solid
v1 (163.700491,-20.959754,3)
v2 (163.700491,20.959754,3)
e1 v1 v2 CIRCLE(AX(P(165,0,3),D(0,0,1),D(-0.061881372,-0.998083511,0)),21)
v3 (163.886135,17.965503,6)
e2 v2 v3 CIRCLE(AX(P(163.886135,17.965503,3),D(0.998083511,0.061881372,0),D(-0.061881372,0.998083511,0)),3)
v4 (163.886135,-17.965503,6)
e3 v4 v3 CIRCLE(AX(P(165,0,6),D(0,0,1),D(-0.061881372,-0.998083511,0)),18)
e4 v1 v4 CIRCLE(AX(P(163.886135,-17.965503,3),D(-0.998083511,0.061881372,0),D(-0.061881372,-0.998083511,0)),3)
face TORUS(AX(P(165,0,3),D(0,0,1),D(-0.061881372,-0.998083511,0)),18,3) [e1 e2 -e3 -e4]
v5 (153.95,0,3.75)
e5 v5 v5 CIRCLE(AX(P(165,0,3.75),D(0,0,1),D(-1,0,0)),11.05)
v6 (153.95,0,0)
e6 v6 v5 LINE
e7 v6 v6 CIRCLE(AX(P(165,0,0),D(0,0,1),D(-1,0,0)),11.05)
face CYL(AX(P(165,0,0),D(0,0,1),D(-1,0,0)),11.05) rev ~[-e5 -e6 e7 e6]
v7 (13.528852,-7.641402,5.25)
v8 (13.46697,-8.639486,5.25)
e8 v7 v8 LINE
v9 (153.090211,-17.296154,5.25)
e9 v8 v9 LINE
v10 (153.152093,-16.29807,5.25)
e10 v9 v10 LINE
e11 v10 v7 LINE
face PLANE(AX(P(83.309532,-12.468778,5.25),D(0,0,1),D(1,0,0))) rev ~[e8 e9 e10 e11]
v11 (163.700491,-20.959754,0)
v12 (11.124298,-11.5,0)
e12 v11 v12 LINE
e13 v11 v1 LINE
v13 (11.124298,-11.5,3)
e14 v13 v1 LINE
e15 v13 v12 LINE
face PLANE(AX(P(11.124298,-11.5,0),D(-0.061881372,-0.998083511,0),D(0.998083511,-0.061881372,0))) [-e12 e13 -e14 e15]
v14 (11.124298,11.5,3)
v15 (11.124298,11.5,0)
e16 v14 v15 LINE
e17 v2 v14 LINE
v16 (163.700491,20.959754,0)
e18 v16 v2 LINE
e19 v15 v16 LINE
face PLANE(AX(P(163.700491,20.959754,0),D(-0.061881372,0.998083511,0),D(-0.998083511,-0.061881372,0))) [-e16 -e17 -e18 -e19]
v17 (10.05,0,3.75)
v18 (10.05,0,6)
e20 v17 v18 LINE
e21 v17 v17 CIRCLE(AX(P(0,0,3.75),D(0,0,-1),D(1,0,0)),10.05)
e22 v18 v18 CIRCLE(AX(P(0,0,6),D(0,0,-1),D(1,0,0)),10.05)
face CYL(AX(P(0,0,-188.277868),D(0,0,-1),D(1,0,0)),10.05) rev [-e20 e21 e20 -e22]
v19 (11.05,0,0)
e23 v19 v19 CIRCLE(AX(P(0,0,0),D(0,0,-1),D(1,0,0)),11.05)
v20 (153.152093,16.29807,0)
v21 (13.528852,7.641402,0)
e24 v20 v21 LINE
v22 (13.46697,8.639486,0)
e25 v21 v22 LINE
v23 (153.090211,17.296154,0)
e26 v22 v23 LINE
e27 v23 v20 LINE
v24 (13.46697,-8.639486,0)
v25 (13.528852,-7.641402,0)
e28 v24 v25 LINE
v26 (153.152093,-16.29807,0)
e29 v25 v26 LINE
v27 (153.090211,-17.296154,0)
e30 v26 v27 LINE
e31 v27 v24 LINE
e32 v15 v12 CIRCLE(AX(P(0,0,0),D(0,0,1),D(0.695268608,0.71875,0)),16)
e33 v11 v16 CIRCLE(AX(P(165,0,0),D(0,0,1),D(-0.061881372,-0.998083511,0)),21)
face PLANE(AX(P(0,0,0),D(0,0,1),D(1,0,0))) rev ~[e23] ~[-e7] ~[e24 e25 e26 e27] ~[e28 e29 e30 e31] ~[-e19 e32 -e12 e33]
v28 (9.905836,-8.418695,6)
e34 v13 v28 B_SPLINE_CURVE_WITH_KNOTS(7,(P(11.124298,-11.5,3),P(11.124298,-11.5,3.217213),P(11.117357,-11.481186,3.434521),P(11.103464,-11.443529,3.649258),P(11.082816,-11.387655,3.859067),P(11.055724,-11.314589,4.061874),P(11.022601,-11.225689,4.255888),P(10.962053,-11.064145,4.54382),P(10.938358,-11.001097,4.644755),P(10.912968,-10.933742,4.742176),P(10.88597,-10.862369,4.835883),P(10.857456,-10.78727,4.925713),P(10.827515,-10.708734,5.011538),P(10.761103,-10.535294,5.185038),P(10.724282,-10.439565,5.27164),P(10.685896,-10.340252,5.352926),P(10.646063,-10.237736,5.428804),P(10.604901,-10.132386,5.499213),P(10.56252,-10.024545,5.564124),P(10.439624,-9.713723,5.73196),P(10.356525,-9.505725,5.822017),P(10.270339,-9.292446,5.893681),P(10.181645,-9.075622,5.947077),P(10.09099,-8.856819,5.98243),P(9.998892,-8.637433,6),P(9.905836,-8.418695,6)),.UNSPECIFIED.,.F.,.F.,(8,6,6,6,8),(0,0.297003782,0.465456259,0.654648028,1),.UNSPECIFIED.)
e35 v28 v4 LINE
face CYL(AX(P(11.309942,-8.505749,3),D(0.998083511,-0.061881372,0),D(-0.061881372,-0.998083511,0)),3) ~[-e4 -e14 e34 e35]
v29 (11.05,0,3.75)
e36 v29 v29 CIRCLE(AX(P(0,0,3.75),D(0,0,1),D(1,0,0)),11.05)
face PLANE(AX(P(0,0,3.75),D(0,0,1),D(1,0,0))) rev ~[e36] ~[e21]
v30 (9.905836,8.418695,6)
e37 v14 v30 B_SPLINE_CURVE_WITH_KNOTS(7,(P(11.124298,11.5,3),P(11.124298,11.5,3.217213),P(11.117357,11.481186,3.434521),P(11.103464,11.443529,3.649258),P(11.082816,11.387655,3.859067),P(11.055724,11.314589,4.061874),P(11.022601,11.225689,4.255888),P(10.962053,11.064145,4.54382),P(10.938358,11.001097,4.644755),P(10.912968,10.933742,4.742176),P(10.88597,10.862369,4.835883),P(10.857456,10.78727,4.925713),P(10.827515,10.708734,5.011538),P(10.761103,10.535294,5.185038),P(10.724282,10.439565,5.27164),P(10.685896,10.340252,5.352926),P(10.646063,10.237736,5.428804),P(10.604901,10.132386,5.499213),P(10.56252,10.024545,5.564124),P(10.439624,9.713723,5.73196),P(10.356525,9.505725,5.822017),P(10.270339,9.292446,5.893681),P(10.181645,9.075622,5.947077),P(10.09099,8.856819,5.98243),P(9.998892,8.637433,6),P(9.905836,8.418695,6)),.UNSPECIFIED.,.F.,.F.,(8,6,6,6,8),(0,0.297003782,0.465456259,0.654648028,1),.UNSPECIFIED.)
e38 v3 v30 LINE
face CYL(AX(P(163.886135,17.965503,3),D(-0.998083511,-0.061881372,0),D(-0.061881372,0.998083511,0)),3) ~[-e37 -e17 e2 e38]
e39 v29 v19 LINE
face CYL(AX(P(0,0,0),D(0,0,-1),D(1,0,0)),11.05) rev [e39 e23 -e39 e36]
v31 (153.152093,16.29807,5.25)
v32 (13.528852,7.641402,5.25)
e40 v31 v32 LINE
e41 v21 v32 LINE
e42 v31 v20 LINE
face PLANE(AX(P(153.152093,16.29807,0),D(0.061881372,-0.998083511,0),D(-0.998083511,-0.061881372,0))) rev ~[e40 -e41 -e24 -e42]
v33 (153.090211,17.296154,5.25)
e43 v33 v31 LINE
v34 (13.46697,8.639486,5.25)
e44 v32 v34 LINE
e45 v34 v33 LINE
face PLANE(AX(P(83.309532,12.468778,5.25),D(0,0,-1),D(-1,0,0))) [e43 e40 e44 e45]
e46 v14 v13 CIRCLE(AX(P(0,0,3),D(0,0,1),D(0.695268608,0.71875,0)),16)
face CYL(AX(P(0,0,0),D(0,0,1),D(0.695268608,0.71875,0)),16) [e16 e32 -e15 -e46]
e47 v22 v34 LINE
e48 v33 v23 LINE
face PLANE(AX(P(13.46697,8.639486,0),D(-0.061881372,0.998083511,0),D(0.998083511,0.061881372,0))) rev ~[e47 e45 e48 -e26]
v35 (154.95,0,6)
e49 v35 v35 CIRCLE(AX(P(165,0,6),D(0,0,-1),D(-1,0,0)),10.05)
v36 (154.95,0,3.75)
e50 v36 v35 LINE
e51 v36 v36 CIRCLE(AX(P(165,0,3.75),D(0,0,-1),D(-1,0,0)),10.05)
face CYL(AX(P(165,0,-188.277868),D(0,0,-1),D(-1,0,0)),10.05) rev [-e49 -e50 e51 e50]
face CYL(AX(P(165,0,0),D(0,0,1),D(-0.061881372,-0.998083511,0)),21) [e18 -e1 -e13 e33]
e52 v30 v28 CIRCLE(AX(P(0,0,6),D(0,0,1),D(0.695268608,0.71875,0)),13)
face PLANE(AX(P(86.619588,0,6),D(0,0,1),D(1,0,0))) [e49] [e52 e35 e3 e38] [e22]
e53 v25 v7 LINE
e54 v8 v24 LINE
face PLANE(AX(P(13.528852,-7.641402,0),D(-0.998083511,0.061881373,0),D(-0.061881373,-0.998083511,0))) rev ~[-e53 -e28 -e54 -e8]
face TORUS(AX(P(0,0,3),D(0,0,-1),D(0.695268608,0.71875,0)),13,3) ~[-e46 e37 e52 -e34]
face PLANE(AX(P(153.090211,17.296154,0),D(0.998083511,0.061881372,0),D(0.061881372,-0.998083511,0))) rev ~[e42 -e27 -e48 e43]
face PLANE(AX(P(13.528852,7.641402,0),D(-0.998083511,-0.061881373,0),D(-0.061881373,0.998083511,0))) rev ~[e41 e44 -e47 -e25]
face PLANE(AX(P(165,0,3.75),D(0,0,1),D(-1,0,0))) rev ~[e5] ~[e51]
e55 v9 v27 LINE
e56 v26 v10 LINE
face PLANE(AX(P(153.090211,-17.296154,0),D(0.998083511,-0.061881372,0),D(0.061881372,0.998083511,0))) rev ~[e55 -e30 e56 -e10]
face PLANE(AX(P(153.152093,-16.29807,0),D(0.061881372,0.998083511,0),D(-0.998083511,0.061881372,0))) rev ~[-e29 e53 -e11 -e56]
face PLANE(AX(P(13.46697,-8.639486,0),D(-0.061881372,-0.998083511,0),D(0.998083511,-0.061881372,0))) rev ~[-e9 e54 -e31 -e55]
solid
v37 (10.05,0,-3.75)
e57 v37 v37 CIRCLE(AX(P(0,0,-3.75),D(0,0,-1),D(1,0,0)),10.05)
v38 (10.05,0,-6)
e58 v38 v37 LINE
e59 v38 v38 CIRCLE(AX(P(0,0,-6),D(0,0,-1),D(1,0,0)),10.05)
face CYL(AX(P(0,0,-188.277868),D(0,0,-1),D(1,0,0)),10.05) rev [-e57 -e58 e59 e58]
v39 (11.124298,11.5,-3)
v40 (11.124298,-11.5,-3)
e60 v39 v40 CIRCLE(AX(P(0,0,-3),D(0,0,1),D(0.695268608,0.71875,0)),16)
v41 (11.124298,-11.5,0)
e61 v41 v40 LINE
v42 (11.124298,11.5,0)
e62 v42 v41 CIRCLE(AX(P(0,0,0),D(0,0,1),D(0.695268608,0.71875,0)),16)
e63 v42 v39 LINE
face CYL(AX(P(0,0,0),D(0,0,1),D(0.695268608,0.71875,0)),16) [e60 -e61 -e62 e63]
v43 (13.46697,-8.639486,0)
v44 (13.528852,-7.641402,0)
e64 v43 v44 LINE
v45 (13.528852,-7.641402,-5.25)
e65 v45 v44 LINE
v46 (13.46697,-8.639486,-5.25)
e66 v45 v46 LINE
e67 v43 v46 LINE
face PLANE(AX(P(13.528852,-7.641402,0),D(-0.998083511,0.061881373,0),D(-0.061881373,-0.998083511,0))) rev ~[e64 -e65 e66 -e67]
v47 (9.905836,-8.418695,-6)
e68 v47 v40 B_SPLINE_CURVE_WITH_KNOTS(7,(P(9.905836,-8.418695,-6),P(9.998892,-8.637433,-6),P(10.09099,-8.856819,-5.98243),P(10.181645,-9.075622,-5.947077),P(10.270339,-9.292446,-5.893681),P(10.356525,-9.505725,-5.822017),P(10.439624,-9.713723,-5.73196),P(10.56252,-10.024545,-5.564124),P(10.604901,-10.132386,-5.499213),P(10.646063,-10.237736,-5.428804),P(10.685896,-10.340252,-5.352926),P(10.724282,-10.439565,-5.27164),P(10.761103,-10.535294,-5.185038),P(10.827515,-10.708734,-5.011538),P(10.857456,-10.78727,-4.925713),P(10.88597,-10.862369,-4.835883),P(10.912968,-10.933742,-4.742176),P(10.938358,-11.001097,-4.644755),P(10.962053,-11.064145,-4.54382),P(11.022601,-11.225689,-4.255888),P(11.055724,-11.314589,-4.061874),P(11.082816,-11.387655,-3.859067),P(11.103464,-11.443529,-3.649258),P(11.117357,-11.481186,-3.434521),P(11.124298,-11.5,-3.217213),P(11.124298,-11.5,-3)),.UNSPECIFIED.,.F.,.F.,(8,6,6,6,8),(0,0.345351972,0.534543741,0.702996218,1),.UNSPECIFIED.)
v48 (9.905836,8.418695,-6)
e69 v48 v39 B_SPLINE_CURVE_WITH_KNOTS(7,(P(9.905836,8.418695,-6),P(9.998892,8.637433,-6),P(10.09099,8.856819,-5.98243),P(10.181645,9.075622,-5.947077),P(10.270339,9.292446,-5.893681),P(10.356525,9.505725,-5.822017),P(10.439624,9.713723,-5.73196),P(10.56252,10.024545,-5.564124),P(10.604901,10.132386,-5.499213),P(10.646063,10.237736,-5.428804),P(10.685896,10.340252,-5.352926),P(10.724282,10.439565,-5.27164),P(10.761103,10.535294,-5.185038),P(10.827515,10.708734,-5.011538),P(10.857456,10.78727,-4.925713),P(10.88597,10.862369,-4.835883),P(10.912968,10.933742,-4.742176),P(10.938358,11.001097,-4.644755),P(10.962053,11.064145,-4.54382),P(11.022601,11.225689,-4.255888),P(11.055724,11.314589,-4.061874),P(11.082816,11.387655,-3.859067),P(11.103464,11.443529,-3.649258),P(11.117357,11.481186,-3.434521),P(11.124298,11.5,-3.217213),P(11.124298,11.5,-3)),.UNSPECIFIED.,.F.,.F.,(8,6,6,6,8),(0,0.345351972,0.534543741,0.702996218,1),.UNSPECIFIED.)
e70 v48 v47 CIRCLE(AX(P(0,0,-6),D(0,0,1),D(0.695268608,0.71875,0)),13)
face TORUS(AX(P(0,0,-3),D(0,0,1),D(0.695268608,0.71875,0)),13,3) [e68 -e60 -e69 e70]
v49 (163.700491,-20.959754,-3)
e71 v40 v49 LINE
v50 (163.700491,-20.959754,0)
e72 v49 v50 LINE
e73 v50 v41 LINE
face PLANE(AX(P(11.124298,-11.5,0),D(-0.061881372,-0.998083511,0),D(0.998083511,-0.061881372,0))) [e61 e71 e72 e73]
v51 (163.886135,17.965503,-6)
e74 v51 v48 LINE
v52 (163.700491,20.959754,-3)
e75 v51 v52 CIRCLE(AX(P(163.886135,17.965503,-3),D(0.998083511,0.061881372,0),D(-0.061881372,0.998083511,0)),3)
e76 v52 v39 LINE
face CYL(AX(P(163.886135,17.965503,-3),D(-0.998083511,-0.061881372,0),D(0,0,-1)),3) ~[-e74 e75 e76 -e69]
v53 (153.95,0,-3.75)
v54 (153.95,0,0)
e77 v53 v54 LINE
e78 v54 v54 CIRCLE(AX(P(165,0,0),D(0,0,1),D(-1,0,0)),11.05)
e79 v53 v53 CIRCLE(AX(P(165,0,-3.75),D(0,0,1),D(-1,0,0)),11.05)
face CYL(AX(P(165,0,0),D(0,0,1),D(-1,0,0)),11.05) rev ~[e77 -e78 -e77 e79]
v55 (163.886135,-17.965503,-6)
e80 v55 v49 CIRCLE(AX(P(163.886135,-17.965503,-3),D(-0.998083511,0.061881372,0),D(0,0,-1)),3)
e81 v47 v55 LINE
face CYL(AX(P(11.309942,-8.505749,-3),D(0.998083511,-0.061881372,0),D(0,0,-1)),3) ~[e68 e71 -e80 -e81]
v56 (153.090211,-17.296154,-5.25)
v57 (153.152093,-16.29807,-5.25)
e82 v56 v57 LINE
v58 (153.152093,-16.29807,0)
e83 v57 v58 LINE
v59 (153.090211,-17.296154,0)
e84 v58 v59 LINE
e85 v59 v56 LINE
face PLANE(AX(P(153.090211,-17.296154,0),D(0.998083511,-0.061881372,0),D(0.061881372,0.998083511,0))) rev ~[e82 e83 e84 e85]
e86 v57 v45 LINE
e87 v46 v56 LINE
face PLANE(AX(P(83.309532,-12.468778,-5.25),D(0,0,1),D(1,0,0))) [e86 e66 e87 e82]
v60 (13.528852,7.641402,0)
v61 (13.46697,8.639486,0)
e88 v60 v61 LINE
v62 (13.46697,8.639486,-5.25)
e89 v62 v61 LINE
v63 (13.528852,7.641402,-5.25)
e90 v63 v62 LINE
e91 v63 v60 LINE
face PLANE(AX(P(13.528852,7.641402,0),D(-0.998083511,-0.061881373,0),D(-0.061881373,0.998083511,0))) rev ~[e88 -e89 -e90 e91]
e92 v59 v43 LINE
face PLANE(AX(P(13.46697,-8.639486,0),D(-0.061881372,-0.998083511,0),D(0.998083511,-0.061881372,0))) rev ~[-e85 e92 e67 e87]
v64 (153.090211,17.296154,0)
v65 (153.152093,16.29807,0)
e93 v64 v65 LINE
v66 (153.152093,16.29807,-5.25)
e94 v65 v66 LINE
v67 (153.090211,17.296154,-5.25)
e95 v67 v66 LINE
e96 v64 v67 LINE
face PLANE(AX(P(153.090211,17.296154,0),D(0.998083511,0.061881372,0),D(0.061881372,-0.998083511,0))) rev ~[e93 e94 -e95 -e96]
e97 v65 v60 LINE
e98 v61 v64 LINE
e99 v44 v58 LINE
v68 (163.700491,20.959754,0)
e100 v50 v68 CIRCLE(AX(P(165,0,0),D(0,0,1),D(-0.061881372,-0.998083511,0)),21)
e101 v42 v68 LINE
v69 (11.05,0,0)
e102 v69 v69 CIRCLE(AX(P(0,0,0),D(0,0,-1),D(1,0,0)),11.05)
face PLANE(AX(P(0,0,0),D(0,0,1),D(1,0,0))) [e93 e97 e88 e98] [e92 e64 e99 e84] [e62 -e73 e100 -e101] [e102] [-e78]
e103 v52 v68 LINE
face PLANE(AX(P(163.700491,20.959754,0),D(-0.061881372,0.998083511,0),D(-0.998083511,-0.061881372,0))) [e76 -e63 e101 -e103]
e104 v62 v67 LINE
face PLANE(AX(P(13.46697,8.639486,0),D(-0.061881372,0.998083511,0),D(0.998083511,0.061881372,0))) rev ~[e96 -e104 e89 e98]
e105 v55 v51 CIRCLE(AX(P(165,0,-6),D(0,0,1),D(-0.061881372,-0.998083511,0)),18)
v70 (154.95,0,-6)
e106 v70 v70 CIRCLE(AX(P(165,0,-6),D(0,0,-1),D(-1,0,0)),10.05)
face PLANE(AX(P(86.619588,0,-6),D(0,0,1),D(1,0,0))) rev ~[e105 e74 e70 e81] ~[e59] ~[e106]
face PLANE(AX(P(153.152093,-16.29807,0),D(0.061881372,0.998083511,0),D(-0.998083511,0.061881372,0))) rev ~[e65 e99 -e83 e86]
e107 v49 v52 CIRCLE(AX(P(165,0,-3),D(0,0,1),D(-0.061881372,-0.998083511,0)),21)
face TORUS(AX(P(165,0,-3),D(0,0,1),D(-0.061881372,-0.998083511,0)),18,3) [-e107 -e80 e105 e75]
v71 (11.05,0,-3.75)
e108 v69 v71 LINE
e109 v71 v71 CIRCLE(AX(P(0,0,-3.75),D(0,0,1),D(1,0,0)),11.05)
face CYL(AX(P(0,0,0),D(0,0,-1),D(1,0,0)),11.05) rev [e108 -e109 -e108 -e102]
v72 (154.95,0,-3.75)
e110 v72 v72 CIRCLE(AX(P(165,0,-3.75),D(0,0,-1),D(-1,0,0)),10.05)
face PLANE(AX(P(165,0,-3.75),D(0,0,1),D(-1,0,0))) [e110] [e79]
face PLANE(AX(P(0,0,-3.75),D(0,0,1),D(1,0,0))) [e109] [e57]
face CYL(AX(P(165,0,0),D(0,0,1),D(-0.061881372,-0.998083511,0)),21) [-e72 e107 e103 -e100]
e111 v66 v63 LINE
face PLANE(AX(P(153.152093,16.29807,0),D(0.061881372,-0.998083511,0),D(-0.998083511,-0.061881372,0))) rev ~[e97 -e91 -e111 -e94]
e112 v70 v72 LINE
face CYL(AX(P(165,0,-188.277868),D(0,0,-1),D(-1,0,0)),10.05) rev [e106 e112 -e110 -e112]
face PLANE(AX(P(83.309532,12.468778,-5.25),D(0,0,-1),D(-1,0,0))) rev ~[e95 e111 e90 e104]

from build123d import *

# Parameters (mm, degrees)
BOSS_EXTRUDE1_DEPTH     = 6
SKETCH6_30_R            = 11.05
CUT_EXTRUDE1_DEPTH      = 3.75
CUT_EXTRUDE2_DEPTH      = 188.27786842
CUT_EXTRUDE2_DEPTH_BACK = 188.27786842
SKETCH6_31_R            = 10.05
CUT_EXTRUDE4_DEPTH      = 5.25
FILLET1_R               = 3


with BuildPart() as part:
    # Sketch6 → Boss-Extrude1 (new, symmetric)
    with BuildSketch(Plane.XY):
        with BuildLine():
            Line((11.124297731, -11.5), (163.700491182, -20.95975374))
            ThreePointArc((163.700491182, -20.95975374), (186, 0), (163.700491182, 20.95975374))
            Line((163.700491182, 20.95975374), (11.124297731, 11.5))
            ThreePointArc((11.124297731, 11.5), (-16, 0), (11.124297731, -11.5))
        make_face()
    extrude(amount=BOSS_EXTRUDE1_DEPTH, both=True)

    # Sketch6<30> → Cut-Extrude1 (cut, symmetric)
    with BuildSketch(Plane.XY):
        Circle(SKETCH6_30_R)
        with Locations((165, 0)):
            Circle(SKETCH6_30_R)
    extrude(amount=CUT_EXTRUDE1_DEPTH, both=True, mode=Mode.SUBTRACT)

    # Sketch6<31> → Cut-Extrude2 (cut, two sides: drawn at the far end of the back side and taken through both)
    with BuildSketch(Plane.XY.offset(-CUT_EXTRUDE2_DEPTH_BACK)):
        Circle(SKETCH6_31_R)
        with Locations((165, 0)):
            Circle(SKETCH6_31_R)
    extrude(amount=CUT_EXTRUDE2_DEPTH + CUT_EXTRUDE2_DEPTH_BACK, mode=Mode.SUBTRACT)

    # Sketch6<34> → Cut-Extrude4 (cut, symmetric)
    with BuildSketch(Plane.XY):
        Polygon((13.466970251, 8.639485647), (153.090211466, 17.296153823), (153.152092838, 16.298070312), (13.528851624, 7.641402136), align=None)
        Polygon((153.090211466, -17.296153823), (153.152092838, -16.298070312), (13.528851624, -7.641402136), (13.466970251, -8.639485647), align=None)
    extrude(amount=CUT_EXTRUDE4_DEPTH, both=True, mode=Mode.SUBTRACT)

    # Fillet1
    fillet1_edges = [part.edges().sort_by_distance(p)[0] for p in [
        (186, 0, 6),
        (186, 0, -6),
        (87.412394456, -16.22987687, 6),
        (-16, 0, 6),
        (87.412394456, 16.22987687, 6),
        (-16, 0, -6),
        (87.412394456, -16.22987687, -6),
        (87.412394456, 16.22987687, -6),
    ]]
    fillet(fillet1_edges, radius=FILLET1_R)


with BuildPart() as body_2:
    # Split1: the piece on the far side of the plane
    add(part.part)
    split(bisect_by=Plane.XY, keep=Keep.BOTTOM)


with BuildPart() as part_1:
    add(part.part)

    # Split1
    split(bisect_by=Plane.XY, keep=Keep.TOP)


solid = Compound([body_2.part, part_1.part])
